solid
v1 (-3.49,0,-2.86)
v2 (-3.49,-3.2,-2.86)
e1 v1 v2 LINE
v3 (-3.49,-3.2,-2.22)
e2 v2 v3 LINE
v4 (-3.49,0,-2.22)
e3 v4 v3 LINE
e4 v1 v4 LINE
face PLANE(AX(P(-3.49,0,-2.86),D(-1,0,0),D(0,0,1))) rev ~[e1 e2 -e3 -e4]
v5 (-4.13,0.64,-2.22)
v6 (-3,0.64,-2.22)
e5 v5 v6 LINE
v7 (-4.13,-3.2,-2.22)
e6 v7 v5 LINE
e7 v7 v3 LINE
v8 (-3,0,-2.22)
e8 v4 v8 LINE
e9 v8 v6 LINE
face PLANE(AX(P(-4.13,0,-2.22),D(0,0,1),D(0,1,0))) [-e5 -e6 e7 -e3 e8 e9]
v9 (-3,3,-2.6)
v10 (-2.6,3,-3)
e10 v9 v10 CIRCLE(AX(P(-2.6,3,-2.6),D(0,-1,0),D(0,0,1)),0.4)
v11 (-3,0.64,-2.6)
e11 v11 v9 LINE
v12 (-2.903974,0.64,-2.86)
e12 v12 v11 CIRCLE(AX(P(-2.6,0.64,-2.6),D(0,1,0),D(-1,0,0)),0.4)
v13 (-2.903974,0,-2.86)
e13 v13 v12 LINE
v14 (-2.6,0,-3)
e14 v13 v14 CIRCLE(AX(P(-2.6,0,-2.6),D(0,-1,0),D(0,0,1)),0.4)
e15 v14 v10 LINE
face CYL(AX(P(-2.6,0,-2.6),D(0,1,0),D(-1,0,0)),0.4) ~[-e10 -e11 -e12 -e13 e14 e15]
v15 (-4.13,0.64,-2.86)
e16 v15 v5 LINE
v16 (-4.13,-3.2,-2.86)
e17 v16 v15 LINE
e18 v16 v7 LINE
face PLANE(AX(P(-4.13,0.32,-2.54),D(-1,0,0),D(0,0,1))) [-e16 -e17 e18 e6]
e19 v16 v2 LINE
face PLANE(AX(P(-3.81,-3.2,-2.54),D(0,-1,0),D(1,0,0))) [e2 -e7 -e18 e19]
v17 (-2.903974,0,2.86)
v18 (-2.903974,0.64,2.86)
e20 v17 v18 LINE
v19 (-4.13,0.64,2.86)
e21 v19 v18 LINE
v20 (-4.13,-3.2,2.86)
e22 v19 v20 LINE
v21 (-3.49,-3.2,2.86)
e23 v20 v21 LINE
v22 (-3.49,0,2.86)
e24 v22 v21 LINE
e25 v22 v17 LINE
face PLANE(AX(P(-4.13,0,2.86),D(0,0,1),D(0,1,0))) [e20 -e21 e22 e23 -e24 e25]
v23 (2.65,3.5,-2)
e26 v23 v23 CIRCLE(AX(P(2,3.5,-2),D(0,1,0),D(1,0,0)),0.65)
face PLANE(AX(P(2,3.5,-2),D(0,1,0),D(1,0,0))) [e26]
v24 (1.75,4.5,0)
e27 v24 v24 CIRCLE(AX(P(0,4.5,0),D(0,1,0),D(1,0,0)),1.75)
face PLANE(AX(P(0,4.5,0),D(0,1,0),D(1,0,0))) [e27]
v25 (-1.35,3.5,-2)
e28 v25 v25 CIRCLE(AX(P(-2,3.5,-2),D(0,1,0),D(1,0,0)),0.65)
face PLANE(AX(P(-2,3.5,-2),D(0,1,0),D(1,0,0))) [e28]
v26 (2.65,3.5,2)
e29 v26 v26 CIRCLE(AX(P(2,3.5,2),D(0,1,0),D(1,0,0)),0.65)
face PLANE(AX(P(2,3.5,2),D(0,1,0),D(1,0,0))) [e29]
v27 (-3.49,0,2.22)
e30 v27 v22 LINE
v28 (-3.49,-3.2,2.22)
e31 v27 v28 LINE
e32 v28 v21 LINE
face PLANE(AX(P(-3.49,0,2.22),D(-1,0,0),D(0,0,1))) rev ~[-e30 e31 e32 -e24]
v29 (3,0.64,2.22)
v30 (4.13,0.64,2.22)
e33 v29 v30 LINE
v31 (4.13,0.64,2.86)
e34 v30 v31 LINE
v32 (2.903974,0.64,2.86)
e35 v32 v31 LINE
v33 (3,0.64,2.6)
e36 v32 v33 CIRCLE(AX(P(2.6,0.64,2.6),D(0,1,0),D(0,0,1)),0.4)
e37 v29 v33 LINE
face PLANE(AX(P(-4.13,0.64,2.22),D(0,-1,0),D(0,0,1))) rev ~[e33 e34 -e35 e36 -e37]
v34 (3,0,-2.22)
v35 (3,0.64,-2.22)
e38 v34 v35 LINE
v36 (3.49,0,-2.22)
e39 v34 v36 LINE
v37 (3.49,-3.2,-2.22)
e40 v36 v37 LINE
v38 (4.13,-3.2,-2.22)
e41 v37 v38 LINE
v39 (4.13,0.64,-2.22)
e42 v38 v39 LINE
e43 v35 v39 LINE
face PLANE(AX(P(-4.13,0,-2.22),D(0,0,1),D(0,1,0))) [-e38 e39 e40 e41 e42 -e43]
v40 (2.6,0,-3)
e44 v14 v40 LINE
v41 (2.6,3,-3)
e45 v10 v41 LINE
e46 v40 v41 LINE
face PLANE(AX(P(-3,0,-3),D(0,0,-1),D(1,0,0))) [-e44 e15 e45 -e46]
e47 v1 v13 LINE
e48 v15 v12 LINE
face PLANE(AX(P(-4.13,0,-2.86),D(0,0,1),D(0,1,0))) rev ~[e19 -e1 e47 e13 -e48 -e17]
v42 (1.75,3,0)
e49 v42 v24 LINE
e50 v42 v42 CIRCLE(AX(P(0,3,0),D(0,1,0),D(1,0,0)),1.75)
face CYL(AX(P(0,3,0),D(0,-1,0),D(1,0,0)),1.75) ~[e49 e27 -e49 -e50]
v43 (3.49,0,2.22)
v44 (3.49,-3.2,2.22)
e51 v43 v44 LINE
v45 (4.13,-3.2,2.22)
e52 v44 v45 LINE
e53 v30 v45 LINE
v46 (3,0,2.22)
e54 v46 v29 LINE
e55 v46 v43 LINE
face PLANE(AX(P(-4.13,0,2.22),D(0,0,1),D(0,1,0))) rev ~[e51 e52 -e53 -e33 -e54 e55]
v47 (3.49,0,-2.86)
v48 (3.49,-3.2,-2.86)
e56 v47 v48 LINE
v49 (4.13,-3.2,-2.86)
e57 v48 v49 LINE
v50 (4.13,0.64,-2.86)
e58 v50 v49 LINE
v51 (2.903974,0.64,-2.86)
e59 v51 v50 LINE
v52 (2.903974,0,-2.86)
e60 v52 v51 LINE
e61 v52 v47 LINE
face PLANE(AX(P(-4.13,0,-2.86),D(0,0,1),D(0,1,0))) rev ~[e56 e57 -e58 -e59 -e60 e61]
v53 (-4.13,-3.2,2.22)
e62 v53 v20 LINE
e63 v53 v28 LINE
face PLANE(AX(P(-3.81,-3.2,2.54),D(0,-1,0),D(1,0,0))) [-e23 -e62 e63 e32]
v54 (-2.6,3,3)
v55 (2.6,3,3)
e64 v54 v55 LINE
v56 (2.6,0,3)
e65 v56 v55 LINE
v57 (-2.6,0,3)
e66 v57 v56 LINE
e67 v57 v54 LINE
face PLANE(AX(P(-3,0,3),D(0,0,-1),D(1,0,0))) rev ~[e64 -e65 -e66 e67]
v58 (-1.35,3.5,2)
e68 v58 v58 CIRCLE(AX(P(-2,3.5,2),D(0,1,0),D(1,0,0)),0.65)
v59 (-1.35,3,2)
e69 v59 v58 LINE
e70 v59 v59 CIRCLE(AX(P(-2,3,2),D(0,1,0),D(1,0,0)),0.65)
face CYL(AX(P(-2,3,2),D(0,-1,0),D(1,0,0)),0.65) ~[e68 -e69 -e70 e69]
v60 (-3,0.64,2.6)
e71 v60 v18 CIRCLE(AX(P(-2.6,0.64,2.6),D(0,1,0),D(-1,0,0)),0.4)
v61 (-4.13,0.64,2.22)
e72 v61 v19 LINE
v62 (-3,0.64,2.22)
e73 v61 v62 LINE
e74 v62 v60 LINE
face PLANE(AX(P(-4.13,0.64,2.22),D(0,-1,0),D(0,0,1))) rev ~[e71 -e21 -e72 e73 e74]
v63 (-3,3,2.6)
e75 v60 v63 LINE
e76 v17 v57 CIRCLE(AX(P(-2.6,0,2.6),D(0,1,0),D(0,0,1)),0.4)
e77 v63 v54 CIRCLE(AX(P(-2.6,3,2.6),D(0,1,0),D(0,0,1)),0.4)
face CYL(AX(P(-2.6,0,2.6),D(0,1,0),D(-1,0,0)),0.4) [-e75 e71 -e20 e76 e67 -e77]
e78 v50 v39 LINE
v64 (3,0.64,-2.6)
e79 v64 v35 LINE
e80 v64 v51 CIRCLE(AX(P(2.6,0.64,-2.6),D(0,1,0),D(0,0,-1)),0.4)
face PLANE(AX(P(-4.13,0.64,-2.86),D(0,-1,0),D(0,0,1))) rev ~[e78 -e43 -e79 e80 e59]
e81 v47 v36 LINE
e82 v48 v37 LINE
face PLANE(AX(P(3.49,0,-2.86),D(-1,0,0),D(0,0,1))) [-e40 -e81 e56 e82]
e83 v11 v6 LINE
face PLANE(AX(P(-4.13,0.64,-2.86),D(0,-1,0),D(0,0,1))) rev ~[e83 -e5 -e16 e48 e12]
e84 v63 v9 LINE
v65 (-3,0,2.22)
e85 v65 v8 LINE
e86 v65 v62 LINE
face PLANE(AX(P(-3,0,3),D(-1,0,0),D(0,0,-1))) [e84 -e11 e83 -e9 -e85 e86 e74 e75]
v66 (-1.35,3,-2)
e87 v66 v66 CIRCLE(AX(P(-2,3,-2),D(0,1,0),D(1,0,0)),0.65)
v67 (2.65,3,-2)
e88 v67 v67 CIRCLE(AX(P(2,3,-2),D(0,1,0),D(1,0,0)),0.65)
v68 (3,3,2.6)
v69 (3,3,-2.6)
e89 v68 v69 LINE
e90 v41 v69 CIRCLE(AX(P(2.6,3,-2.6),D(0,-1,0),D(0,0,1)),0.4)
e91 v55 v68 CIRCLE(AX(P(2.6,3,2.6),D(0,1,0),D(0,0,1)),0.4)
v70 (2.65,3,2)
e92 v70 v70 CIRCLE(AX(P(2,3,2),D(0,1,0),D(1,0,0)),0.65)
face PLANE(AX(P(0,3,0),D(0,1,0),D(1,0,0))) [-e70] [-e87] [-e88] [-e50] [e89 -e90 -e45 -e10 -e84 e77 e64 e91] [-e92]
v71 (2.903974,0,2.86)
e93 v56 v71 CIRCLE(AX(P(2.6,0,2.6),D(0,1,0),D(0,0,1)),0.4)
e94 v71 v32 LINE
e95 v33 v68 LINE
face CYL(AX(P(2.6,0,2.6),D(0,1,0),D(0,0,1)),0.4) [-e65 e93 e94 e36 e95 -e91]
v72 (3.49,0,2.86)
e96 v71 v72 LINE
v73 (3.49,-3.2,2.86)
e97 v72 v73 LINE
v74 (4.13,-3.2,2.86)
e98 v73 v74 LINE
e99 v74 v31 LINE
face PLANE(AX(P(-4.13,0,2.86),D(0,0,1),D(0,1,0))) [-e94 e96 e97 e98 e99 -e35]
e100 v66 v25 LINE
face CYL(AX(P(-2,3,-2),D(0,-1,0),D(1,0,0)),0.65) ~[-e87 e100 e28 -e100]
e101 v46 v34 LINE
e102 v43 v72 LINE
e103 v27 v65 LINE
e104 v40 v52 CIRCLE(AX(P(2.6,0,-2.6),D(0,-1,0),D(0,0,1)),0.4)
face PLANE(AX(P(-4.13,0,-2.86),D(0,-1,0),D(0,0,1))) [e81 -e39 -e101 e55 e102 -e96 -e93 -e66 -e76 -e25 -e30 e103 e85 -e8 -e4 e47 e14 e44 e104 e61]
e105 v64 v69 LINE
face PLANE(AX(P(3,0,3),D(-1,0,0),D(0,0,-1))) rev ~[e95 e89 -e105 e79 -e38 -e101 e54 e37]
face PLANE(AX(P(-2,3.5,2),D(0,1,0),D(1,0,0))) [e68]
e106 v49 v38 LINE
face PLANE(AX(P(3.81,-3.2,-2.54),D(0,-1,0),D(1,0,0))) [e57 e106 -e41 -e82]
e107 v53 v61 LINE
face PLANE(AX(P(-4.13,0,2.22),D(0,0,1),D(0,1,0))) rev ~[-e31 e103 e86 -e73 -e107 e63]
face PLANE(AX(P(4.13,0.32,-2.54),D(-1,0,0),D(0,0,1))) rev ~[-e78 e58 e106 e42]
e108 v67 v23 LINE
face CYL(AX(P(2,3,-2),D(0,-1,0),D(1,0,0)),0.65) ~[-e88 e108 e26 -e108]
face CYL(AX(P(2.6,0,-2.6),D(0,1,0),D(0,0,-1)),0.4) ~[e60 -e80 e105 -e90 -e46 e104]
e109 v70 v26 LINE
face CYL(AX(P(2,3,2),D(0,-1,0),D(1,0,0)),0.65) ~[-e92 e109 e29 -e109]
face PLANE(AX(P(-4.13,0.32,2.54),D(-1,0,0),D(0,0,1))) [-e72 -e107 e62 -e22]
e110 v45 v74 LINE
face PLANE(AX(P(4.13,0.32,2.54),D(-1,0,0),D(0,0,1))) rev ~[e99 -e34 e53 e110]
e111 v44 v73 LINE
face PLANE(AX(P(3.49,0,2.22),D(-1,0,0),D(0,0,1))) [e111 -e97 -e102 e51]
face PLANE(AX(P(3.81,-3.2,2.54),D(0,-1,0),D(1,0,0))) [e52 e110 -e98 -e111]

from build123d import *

# Parameters (mm, degrees)
SKETCH1_W             = 6
SKETCH1_H             = 6
BOSS_EXTRUDE1_DEPTH   = 3
SKETCH2_R             = 1.75
BOSS_EXTRUDE2_DEPTH   = 1.5
SKETCH3_R             = 0.65
BOSS_EXTRUDE3_DEPTH   = 0.5
SKETCH4_W             = 0.64
SKETCH4_H             = 0.64
BOSS_EXTRUDE4_DEPTH   = 3.2
BOSS_EXTRUDE4_2_DEPTH = 3.2
BOSS_EXTRUDE4_3_DEPTH = 3.2
BOSS_EXTRUDE4_4_DEPTH = 3.2
FILLET1_R             = 0.4
SKETCH6_W             = 0.64
SKETCH6_H             = 0.64
BOSS_EXTRUDE6_DEPTH   = 8.26


with BuildPart() as part:
    # Sketch1 → Boss-Extrude1 (new body)
    with BuildSketch(Plane(origin=(0, 0, 0), x_dir=(1, 0, 0), z_dir=(0, 1, 0))):
        Rectangle(SKETCH1_W, SKETCH1_H)
    extrude(amount=BOSS_EXTRUDE1_DEPTH)

    # Sketch2 → Boss-Extrude2 (add)
    with BuildSketch(Plane(origin=(0, 3, 0), x_dir=(1, 0, 0), z_dir=(0, 1, 0))):
        Circle(SKETCH2_R)
    extrude(amount=BOSS_EXTRUDE2_DEPTH)

    # Sketch3 → Boss-Extrude3 (add)
    with BuildSketch(Plane(origin=(0, 3, 0), x_dir=(1, 0, 0), z_dir=(0, 1, 0))):
        with Locations((-2, 2)):
            Circle(SKETCH3_R)
        with Locations((-2, -2)):
            Circle(SKETCH3_R)
        with Locations((2, -2)):
            Circle(SKETCH3_R)
        with Locations((2, 2)):
            Circle(SKETCH3_R)
    extrude(amount=BOSS_EXTRUDE3_DEPTH)

    # Fillet1
    fillet1_edges = [part.edges().sort_by_distance(p)[0] for p in [
        (3, 1.5, 3),
        (-3, 1.5, 3),
        (-3, 1.5, -3),
        (3, 1.5, -3),
    ]]
    fillet(fillet1_edges, radius=FILLET1_R)



with BuildPart() as body_2:
    # Sketch4 → Boss-Extrude4 (new body)
    with BuildSketch(Plane.XZ):
        with Locations((-3.81, 2.54)):
            Rectangle(SKETCH4_W, SKETCH4_H)
    extrude(amount=BOSS_EXTRUDE4_DEPTH)


with BuildPart() as body_3:
    # Sketch4 → Boss-Extrude4 2 (new body)
    with BuildSketch(Plane.XZ):
        with Locations((3.81, 2.54)):
            Rectangle(SKETCH4_W, SKETCH4_H)
    extrude(amount=BOSS_EXTRUDE4_2_DEPTH)


with BuildPart() as body_4:
    # Sketch4 → Boss-Extrude4 3 (new body)
    with BuildSketch(Plane.XZ):
        with Locations((3.81, -2.54)):
            Rectangle(SKETCH4_W, SKETCH4_H)
    extrude(amount=BOSS_EXTRUDE4_3_DEPTH)


with BuildPart() as body_5:
    # Sketch4 → Boss-Extrude4 4 (new body)
    with BuildSketch(Plane.XZ):
        with Locations((-3.81, -2.54)):
            Rectangle(SKETCH4_W, SKETCH4_H)
    extrude(amount=BOSS_EXTRUDE4_4_DEPTH)


with BuildPart() as part_1:
    add(part.part)

    add(body_2.part)  # Boss-Extrude6 merges body 2

    add(body_3.part)  # Boss-Extrude6 merges body 3

    add(body_4.part)  # Boss-Extrude6 merges body 4

    add(body_5.part)  # Boss-Extrude6 merges body 5
    # Sketch6 → Boss-Extrude6 (add)
    with BuildSketch(Plane.ZY.offset(4.13)):
        with Locations((-2.54, 0.32)):
            Rectangle(SKETCH6_W, SKETCH6_H)
        with Locations((2.54, 0.32)):
            Rectangle(SKETCH6_W, SKETCH6_H)
    extrude(amount=-BOSS_EXTRUDE6_DEPTH)


solid = part_1.part
